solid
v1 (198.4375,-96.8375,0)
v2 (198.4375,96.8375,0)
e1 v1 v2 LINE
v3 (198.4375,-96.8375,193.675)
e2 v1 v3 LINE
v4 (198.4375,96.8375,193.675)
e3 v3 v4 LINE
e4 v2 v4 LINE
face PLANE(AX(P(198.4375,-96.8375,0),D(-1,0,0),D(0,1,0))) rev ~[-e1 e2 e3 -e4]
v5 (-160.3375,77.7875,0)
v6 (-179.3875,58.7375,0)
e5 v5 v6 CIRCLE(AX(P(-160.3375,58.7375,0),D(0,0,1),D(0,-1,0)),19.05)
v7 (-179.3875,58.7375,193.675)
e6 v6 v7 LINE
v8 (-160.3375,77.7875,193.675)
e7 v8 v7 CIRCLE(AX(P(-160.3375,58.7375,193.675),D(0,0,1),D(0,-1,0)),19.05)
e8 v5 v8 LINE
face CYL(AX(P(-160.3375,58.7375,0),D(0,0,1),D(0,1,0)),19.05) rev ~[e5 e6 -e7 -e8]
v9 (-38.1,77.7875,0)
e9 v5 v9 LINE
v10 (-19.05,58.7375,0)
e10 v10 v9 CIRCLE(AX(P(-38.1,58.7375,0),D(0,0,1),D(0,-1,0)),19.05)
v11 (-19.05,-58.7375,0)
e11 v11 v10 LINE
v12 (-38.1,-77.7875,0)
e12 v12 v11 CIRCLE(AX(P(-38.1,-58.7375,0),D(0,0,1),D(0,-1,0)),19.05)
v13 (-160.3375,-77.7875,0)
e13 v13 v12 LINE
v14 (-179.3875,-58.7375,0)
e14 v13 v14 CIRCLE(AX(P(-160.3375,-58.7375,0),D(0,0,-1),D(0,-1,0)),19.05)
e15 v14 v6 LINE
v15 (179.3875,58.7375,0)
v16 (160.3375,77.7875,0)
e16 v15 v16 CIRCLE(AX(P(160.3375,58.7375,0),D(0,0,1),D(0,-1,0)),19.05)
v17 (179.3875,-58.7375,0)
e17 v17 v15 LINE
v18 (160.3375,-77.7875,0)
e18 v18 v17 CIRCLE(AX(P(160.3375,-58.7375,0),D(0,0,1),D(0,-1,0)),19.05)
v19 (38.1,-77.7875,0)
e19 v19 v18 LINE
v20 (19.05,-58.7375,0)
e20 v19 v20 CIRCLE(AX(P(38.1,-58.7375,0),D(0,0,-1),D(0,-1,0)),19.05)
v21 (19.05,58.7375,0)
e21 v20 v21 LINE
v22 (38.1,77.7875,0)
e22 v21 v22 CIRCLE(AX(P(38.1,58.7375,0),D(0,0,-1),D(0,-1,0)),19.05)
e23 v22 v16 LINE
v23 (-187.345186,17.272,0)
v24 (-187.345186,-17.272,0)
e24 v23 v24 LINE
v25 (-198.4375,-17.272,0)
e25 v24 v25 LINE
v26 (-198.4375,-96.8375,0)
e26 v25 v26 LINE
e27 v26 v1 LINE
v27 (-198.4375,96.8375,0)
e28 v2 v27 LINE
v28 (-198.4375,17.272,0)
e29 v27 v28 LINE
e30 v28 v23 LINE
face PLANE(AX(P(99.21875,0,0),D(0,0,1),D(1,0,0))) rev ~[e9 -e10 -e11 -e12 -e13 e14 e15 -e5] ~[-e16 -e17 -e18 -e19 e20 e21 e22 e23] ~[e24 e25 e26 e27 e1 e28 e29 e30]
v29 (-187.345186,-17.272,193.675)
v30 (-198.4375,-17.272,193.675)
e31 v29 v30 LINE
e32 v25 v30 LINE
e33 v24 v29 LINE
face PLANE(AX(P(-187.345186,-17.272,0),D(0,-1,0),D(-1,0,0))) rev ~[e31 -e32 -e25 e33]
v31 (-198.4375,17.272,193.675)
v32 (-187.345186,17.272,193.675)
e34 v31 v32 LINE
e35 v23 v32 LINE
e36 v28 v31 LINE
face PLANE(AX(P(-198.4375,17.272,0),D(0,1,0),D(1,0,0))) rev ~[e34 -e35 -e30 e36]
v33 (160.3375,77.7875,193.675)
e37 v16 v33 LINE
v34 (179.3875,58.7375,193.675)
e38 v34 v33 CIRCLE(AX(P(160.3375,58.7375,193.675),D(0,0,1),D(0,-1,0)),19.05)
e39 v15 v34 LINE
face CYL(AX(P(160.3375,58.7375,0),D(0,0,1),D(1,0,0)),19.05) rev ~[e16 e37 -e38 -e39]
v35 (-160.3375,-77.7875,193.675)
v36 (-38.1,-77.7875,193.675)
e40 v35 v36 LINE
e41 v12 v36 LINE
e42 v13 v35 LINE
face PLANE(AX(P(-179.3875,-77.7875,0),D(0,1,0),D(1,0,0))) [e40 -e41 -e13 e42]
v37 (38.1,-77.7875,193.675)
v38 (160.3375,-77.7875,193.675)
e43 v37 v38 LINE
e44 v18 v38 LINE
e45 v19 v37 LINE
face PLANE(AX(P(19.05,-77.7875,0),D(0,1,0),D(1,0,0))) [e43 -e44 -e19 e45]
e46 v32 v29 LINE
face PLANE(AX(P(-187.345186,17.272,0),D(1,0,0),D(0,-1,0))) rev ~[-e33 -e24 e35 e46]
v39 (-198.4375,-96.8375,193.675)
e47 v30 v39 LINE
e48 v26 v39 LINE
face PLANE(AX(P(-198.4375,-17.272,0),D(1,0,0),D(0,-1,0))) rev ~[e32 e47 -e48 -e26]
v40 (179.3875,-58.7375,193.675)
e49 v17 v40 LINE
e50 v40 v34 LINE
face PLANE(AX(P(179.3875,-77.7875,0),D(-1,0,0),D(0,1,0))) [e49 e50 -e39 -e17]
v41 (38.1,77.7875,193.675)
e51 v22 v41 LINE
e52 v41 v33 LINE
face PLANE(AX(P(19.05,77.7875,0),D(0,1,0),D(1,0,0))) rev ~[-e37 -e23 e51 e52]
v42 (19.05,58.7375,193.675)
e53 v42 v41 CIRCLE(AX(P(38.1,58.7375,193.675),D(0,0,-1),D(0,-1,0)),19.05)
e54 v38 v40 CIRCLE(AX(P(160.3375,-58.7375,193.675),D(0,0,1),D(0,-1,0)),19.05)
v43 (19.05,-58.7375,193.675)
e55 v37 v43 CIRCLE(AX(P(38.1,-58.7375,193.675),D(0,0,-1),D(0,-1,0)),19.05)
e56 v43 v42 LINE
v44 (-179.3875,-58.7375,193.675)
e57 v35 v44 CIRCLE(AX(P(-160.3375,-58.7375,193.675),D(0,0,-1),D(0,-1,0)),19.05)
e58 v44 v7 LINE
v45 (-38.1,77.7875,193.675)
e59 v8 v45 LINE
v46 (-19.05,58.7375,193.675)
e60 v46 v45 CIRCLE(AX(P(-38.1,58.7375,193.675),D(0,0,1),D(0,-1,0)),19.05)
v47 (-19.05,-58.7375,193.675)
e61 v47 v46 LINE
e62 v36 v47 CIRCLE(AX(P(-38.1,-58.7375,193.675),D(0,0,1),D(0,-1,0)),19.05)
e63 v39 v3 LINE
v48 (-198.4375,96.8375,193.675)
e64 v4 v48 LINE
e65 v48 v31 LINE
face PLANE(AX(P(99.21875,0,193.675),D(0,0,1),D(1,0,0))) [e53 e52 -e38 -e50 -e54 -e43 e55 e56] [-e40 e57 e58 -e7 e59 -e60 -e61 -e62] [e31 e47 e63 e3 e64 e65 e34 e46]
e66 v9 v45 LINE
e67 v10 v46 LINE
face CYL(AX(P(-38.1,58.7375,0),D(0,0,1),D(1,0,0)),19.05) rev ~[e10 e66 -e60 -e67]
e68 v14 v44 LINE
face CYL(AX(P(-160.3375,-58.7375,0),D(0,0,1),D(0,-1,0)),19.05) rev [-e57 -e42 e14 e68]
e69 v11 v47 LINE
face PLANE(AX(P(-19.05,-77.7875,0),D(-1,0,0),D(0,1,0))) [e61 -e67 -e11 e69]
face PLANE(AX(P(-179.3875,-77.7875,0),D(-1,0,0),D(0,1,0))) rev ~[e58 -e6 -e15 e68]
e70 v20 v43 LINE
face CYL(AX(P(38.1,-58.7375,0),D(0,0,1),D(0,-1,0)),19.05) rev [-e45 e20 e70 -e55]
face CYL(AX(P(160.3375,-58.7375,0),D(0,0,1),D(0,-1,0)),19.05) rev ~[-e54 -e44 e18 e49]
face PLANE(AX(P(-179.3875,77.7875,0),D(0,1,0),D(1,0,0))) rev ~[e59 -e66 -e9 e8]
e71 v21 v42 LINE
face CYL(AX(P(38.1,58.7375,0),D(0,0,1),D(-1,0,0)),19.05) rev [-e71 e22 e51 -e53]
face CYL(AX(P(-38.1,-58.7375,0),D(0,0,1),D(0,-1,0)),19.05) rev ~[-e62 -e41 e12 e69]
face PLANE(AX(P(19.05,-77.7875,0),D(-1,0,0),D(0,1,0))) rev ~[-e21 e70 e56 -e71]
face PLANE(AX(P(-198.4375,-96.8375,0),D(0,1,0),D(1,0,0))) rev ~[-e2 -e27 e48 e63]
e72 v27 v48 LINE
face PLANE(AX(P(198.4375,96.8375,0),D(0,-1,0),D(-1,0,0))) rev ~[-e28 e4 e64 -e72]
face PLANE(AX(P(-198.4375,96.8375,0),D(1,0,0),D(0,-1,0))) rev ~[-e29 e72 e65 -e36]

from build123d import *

# Parameters (mm, degrees)
F0_W     = 198.4375
F0_H     = 193.675
F0_W_2   = 160.3375
F0_H_2   = 155.575
F1_DEPTH = 193.675
F2_R     = 19.05


with BuildPart() as f1:
    # F0 (on Top) → F1 (new body)
    with BuildSketch(Plane.XY):
        with Locations((99.21875, 0)):
            Rectangle(F0_W, F0_H)
        with Locations((99.21875, 0)):
            Rectangle(F0_W_2, F0_H_2, mode=Mode.SUBTRACT)
        Polygon((0, 96.8375), (-198.4375, 96.8375), (-198.4375, 17.272), (-187.345186, 17.272), (-187.345186, -17.272), (-198.4375, -17.272), (-198.4375, -96.8375), (0, -96.8375), align=None)
        with Locations((-99.21875, 0)):
            Rectangle(F0_W_2, F0_H_2, mode=Mode.SUBTRACT)
    extrude(amount=F1_DEPTH)

    # F2
    f2_edges = [f1.edges().sort_by_distance(p)[0] for p in [
        (179.3875, 77.7875, 96.8375),
        (179.3875, -77.7875, 96.8375),
        (19.05, 77.7875, 96.8375),
        (19.05, -77.7875, 96.8375),
        (-19.05, 77.7875, 96.8375),
        (-19.05, -77.7875, 96.8375),
        (-179.3875, 77.7875, 96.8375),
        (-179.3875, -77.7875, 96.8375),
    ]]
    fillet(f2_edges, radius=F2_R)


solid = f1.part
